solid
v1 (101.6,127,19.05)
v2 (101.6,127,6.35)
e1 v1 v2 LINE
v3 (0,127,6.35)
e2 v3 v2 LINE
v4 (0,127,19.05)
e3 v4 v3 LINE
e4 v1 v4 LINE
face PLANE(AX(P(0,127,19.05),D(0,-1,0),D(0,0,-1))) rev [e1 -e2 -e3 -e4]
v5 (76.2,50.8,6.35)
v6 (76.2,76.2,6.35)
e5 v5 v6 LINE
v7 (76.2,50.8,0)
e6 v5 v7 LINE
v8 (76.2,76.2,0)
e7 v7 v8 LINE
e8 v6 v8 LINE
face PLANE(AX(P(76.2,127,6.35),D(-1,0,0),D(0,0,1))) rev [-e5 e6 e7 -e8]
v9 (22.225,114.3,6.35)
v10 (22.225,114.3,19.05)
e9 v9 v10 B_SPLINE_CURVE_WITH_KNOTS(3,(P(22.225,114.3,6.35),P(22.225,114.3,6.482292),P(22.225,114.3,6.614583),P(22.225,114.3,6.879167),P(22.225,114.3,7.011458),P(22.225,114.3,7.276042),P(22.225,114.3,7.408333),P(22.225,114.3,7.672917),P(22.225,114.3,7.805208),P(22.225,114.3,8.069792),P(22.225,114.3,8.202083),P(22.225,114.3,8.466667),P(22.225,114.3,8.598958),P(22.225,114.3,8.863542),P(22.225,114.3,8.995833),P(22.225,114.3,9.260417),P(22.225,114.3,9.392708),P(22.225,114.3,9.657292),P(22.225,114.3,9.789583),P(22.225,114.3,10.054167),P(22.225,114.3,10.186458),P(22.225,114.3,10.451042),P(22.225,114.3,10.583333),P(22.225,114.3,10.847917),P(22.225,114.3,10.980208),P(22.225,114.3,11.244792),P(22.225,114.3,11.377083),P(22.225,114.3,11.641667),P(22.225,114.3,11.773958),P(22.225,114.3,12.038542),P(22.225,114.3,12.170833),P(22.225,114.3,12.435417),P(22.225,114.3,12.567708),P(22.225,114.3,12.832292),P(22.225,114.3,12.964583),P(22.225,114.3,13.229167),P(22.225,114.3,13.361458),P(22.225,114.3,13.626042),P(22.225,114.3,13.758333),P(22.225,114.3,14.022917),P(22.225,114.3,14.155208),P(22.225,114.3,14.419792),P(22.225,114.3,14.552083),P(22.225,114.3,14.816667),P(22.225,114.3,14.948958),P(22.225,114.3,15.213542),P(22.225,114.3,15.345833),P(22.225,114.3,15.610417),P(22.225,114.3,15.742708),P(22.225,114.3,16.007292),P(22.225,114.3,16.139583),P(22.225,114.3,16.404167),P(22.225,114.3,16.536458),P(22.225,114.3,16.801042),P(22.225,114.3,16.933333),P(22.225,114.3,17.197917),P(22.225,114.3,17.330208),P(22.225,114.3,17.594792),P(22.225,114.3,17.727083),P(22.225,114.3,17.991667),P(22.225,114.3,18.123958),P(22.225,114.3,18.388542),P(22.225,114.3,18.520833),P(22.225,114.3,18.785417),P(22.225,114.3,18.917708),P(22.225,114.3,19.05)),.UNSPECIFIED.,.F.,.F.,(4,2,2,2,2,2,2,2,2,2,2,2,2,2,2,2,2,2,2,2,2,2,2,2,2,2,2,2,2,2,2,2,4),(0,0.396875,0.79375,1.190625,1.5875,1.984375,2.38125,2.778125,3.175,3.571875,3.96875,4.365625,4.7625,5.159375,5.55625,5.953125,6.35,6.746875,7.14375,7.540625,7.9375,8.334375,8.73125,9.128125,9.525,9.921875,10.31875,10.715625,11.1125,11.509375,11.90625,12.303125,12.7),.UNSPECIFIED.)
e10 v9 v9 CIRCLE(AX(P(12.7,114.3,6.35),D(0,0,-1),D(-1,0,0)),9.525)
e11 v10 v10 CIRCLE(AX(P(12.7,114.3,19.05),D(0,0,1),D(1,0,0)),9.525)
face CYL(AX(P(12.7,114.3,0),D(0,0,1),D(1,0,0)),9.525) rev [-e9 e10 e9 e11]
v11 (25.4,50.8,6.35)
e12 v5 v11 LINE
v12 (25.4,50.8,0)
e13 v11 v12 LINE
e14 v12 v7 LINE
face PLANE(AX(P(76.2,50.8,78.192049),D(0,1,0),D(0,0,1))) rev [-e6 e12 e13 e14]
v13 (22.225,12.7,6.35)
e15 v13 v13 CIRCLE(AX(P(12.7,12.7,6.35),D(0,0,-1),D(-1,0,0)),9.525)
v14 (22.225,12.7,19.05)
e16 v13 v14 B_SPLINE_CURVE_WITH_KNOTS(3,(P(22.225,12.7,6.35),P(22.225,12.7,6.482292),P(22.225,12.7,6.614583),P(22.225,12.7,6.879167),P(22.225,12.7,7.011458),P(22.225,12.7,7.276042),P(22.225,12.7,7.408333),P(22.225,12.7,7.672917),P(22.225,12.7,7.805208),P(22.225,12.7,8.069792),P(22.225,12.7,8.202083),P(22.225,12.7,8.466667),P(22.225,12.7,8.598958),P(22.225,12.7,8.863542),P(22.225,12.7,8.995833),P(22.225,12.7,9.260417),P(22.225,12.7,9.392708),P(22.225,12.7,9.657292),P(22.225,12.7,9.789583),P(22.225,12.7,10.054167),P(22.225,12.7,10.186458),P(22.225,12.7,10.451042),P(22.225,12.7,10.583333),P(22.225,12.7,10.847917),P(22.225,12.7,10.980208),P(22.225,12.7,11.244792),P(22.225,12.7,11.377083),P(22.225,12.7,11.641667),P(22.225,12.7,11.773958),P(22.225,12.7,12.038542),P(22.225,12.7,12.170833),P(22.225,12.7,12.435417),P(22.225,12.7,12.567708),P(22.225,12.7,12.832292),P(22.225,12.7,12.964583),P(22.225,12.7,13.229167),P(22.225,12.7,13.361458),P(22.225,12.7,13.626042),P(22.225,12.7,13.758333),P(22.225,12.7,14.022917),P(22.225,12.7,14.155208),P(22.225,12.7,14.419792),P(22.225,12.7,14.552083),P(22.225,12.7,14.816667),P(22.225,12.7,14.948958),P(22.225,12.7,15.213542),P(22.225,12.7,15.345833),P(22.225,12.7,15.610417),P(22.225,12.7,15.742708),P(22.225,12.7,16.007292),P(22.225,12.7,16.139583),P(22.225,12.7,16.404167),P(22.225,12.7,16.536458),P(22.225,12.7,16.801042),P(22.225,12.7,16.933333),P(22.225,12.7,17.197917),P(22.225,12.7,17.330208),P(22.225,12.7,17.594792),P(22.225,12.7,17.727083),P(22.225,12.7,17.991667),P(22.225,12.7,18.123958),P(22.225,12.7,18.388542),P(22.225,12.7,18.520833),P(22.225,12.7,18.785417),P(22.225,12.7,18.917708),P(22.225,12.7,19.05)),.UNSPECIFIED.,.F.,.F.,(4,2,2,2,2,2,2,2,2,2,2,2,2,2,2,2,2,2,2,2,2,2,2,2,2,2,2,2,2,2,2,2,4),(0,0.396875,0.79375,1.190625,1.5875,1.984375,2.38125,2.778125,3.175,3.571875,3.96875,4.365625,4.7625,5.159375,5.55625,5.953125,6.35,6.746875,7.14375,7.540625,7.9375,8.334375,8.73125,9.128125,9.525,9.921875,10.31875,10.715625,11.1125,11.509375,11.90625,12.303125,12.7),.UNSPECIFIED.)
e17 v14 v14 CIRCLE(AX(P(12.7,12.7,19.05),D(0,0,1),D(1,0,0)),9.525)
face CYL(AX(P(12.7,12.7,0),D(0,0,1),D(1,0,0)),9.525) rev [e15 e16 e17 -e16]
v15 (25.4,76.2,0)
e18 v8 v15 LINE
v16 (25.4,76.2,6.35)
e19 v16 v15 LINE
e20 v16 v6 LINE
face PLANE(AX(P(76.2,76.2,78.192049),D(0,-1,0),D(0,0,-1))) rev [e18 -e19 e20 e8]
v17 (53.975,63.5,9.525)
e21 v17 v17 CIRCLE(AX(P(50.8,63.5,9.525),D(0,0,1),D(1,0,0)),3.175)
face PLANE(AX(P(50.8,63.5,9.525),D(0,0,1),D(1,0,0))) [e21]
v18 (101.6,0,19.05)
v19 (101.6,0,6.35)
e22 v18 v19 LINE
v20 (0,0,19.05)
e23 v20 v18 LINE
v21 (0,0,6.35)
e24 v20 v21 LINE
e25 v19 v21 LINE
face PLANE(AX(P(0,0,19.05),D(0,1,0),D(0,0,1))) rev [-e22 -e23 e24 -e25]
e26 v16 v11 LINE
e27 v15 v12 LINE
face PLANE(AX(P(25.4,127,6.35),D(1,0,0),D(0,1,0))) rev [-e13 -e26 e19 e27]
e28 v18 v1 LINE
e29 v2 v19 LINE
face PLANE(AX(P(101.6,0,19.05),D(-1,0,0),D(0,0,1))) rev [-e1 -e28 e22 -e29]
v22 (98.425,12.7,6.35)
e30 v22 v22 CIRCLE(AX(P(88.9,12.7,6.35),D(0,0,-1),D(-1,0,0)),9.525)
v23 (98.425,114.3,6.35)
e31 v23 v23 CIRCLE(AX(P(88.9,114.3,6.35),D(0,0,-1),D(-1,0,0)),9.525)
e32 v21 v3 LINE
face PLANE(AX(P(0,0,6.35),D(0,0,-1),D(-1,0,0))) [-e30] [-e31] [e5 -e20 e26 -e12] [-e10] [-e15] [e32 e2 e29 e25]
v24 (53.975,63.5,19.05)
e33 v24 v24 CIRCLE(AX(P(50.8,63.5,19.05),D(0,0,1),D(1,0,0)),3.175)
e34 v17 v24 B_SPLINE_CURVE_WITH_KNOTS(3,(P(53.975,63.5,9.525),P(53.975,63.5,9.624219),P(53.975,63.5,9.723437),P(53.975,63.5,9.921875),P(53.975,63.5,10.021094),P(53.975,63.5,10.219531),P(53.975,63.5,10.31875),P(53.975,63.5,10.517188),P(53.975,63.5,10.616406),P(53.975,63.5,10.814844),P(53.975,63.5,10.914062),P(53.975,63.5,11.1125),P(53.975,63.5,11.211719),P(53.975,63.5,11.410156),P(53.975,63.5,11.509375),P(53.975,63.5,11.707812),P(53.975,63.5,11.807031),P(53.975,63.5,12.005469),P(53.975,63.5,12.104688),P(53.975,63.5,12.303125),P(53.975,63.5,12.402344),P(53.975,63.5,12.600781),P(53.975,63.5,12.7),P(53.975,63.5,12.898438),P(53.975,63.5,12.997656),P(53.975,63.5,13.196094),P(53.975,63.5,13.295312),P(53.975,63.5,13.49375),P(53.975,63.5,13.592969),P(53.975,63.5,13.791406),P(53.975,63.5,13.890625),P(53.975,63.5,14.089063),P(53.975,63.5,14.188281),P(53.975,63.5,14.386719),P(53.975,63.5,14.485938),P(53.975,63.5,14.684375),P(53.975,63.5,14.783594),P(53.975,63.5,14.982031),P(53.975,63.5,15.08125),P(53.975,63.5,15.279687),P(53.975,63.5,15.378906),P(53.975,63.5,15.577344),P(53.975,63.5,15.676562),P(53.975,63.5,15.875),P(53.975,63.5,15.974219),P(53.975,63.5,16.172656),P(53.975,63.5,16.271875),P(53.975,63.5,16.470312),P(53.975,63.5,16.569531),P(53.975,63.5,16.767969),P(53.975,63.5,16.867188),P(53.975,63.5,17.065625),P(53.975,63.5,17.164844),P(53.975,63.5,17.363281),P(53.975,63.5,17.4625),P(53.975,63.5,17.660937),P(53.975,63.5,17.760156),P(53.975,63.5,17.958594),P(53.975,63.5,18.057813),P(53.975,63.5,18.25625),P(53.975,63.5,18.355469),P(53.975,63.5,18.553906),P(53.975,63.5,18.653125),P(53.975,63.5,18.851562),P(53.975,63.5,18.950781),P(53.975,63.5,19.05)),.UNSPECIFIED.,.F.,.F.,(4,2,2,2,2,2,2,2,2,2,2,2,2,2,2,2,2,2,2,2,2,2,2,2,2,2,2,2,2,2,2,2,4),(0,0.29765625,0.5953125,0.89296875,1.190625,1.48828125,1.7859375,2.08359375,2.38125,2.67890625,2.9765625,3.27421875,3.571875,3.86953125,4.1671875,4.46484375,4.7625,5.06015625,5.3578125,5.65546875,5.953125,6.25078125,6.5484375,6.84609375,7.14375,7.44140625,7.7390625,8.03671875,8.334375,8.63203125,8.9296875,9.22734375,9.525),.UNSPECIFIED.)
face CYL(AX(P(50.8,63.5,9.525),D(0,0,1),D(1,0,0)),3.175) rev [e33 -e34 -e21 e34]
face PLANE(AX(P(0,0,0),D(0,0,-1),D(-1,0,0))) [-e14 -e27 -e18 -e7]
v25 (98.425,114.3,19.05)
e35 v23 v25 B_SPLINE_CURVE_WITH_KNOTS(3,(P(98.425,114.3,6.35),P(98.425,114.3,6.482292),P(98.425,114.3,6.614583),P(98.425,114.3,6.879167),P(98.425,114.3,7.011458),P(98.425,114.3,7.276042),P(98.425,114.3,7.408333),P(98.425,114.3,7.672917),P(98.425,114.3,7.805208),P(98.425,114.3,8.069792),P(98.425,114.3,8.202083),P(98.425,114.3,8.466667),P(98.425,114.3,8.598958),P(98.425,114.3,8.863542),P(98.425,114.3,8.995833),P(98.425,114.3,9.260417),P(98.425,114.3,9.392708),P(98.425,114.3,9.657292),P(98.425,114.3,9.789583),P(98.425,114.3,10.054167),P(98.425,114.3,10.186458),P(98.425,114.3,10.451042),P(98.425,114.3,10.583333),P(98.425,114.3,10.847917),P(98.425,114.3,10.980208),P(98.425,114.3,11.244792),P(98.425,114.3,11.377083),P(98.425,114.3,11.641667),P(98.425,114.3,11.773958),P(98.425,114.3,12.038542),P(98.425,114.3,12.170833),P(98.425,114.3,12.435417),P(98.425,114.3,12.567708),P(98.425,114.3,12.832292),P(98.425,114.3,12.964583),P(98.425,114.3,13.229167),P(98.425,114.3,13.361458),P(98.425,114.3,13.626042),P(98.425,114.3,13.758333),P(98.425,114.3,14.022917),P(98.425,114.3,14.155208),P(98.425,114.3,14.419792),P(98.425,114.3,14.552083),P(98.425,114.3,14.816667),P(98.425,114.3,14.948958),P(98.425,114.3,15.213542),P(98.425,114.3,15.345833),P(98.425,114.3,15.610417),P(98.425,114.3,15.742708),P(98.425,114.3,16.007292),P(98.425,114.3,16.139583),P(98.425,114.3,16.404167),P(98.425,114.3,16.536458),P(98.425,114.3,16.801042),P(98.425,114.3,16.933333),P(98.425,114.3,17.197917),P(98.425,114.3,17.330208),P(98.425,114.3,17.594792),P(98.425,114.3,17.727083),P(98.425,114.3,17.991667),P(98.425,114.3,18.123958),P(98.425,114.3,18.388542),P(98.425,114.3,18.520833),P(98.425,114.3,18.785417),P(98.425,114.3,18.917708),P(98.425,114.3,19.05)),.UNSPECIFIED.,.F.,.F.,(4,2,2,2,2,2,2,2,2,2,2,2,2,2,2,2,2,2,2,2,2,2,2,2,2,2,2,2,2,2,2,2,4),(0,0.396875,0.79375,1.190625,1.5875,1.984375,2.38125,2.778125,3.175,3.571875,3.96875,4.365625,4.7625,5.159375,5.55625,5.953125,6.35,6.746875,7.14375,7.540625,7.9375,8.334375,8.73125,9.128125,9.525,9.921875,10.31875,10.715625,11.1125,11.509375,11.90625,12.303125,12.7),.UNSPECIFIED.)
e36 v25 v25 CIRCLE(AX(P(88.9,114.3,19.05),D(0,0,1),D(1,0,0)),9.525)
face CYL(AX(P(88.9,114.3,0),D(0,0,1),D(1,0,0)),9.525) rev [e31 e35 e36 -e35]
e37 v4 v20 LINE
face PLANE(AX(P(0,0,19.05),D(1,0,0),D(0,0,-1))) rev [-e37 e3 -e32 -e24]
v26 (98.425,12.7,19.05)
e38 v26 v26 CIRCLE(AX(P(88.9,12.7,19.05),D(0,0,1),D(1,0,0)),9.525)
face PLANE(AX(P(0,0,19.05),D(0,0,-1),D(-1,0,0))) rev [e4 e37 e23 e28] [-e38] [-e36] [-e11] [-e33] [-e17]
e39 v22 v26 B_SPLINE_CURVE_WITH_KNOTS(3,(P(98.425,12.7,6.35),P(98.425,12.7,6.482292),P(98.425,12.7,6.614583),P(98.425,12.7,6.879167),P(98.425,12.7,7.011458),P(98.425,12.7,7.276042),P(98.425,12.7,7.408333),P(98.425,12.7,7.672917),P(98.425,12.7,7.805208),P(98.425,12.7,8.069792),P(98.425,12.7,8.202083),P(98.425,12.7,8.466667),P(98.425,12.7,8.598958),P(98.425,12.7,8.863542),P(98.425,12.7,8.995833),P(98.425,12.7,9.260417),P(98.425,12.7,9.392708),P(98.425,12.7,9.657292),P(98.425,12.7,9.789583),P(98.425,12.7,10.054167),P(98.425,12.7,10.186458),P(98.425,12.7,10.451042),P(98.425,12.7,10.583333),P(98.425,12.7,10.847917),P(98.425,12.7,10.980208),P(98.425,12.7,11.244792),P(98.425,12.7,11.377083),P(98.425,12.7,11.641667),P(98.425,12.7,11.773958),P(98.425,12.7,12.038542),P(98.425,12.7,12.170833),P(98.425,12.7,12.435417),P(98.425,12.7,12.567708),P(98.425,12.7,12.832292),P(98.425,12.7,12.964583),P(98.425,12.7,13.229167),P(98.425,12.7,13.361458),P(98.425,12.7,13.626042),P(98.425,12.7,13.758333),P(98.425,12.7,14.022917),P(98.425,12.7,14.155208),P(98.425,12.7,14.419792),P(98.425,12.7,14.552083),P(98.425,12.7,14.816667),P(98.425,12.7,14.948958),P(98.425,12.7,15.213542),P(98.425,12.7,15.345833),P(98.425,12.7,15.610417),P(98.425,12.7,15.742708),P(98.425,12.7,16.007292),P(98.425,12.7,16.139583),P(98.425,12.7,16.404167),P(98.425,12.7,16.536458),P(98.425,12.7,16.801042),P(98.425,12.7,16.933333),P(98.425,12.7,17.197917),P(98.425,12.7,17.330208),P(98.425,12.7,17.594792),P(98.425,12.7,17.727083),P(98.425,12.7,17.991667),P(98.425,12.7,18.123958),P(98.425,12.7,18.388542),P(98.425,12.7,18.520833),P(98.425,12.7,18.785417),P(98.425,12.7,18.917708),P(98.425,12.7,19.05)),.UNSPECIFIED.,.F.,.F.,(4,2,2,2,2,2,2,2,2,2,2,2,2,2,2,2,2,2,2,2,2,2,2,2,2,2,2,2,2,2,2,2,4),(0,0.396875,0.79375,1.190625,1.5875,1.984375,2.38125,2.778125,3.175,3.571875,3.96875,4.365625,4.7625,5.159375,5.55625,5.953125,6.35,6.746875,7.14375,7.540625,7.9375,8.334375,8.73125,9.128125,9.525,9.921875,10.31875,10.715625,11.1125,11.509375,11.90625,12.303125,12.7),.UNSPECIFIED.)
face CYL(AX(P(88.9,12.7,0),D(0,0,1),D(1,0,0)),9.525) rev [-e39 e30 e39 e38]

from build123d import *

# Parameters (mm, degrees)
SKETCH1_W           = 101.6
SKETCH1_H           = 127
BOSS_EXTRUDE1_DEPTH = 19.05
SKETCH2_W           = 25.4
SKETCH2_H           = 127
CUT_EXTRUDE1_DEPTH  = 6.35
CUT_EXTRUDE2_REACH  = 165.751
SKETCH4_R           = 6.35
SKETCH9_W           = 50.8
SKETCH9_H           = 50.8
CUT_EXTRUDE7_DEPTH  = 6.35
SKETCH11_R          = 3.175
CUT_EXTRUDE8_DEPTH  = 9.525
SKETCH12_R          = 9.525
CUT_EXTRUDE9_DEPTH  = 164.751221369


with BuildPart() as part:
    # Sketch1 → Boss-Extrude1 (new body)
    with BuildSketch(Plane.XY):
        with Locations((50.8, 63.5)):
            Rectangle(SKETCH1_W, SKETCH1_H)
    extrude(amount=BOSS_EXTRUDE1_DEPTH)

    # Sketch2 → Cut-Extrude1 (cut)
    with BuildSketch(Plane(origin=(0, 0, 0), x_dir=(-1, 0, 0), z_dir=(0, 0, -1))):
        with Locations((-88.9, 63.5)):
            Rectangle(SKETCH2_W, SKETCH2_H)
        with Locations((-12.7, 63.5)):
            Rectangle(SKETCH2_W, SKETCH2_H)
    extrude(amount=-CUT_EXTRUDE1_DEPTH, mode=Mode.SUBTRACT)

    # Sketch4 → Cut-Extrude2 (cut, up to next)
    with BuildSketch(Plane.XY.offset(19.05), mode=Mode.PRIVATE) as cut_extrude2_sk1:
        with Locations((12.7, 114.3)):
            Circle(SKETCH4_R)
    cut_extrude2_tool1 = extrude(cut_extrude2_sk1.sketch, amount=-CUT_EXTRUDE2_REACH, mode=Mode.PRIVATE) & part.part
    # Sketch4 → Cut-Extrude2 (cut, up to next)
    with BuildSketch(Plane.XY.offset(19.05), mode=Mode.PRIVATE) as cut_extrude2_sk2:
        with Locations((12.7, 12.7)):
            Circle(SKETCH4_R)
    cut_extrude2_tool2 = extrude(cut_extrude2_sk2.sketch, amount=-CUT_EXTRUDE2_REACH, mode=Mode.PRIVATE) & part.part
    # Sketch4 → Cut-Extrude2 (cut, up to next)
    with BuildSketch(Plane.XY.offset(19.05), mode=Mode.PRIVATE) as cut_extrude2_sk3:
        with Locations(Location((88.9, 12.7, 0), (0, 0, 180))):
            Circle(SKETCH4_R)
    cut_extrude2_tool3 = extrude(cut_extrude2_sk3.sketch, amount=-CUT_EXTRUDE2_REACH, mode=Mode.PRIVATE) & part.part
    # Sketch4 → Cut-Extrude2 (cut, up to next)
    with BuildSketch(Plane.XY.offset(19.05), mode=Mode.PRIVATE) as cut_extrude2_sk4:
        with Locations(Location((88.9, 114.3, 0), (0, 0, 180))):
            Circle(SKETCH4_R)
    cut_extrude2_tool4 = extrude(cut_extrude2_sk4.sketch, amount=-CUT_EXTRUDE2_REACH, mode=Mode.PRIVATE) & part.part
    add(cut_extrude2_tool1.solids().sort_by_distance((12.7, 114.3, 19.05))[0], mode=Mode.SUBTRACT)
    add(cut_extrude2_tool2.solids().sort_by_distance((12.7, 12.7, 19.05))[0], mode=Mode.SUBTRACT)
    add(cut_extrude2_tool3.solids().sort_by_distance((88.9, 12.7, 19.05))[0], mode=Mode.SUBTRACT)
    add(cut_extrude2_tool4.solids().sort_by_distance((88.9, 114.3, 19.05))[0], mode=Mode.SUBTRACT)

    # Sketch9 → Cut-Extrude7 (cut)
    with BuildSketch(Plane(origin=(0, 0, 0), x_dir=(-1, 0, 0), z_dir=(0, 0, -1))):
        with Locations((-50.8, 25.4)):
            Rectangle(SKETCH9_W, SKETCH9_H)
        with Locations((-50.8, 101.6)):
            Rectangle(SKETCH9_W, SKETCH9_H)
    extrude(amount=-CUT_EXTRUDE7_DEPTH, mode=Mode.SUBTRACT)

    # Sketch11 → Cut-Extrude8 (cut)
    with BuildSketch(Plane.XY.offset(19.05)):
        with Locations((50.8, 63.5)):
            Circle(SKETCH11_R)
    extrude(amount=-CUT_EXTRUDE8_DEPTH, mode=Mode.SUBTRACT)

    # Sketch12 → Cut-Extrude9 (cut, through all)
    with BuildSketch(Plane.XY.offset(19.05)):
        with Locations((12.7, 114.3)):
            Circle(SKETCH12_R)
        with Locations((88.9, 114.3)):
            Circle(SKETCH12_R)
        with Locations((12.7, 12.7)):
            Circle(SKETCH12_R)
        with Locations((88.9, 12.7)):
            Circle(SKETCH12_R)
        with Locations((88.632472784, -89.675466105)):
            Circle(SKETCH12_R)
    extrude(amount=-CUT_EXTRUDE9_DEPTH, mode=Mode.SUBTRACT)


solid = part.part
